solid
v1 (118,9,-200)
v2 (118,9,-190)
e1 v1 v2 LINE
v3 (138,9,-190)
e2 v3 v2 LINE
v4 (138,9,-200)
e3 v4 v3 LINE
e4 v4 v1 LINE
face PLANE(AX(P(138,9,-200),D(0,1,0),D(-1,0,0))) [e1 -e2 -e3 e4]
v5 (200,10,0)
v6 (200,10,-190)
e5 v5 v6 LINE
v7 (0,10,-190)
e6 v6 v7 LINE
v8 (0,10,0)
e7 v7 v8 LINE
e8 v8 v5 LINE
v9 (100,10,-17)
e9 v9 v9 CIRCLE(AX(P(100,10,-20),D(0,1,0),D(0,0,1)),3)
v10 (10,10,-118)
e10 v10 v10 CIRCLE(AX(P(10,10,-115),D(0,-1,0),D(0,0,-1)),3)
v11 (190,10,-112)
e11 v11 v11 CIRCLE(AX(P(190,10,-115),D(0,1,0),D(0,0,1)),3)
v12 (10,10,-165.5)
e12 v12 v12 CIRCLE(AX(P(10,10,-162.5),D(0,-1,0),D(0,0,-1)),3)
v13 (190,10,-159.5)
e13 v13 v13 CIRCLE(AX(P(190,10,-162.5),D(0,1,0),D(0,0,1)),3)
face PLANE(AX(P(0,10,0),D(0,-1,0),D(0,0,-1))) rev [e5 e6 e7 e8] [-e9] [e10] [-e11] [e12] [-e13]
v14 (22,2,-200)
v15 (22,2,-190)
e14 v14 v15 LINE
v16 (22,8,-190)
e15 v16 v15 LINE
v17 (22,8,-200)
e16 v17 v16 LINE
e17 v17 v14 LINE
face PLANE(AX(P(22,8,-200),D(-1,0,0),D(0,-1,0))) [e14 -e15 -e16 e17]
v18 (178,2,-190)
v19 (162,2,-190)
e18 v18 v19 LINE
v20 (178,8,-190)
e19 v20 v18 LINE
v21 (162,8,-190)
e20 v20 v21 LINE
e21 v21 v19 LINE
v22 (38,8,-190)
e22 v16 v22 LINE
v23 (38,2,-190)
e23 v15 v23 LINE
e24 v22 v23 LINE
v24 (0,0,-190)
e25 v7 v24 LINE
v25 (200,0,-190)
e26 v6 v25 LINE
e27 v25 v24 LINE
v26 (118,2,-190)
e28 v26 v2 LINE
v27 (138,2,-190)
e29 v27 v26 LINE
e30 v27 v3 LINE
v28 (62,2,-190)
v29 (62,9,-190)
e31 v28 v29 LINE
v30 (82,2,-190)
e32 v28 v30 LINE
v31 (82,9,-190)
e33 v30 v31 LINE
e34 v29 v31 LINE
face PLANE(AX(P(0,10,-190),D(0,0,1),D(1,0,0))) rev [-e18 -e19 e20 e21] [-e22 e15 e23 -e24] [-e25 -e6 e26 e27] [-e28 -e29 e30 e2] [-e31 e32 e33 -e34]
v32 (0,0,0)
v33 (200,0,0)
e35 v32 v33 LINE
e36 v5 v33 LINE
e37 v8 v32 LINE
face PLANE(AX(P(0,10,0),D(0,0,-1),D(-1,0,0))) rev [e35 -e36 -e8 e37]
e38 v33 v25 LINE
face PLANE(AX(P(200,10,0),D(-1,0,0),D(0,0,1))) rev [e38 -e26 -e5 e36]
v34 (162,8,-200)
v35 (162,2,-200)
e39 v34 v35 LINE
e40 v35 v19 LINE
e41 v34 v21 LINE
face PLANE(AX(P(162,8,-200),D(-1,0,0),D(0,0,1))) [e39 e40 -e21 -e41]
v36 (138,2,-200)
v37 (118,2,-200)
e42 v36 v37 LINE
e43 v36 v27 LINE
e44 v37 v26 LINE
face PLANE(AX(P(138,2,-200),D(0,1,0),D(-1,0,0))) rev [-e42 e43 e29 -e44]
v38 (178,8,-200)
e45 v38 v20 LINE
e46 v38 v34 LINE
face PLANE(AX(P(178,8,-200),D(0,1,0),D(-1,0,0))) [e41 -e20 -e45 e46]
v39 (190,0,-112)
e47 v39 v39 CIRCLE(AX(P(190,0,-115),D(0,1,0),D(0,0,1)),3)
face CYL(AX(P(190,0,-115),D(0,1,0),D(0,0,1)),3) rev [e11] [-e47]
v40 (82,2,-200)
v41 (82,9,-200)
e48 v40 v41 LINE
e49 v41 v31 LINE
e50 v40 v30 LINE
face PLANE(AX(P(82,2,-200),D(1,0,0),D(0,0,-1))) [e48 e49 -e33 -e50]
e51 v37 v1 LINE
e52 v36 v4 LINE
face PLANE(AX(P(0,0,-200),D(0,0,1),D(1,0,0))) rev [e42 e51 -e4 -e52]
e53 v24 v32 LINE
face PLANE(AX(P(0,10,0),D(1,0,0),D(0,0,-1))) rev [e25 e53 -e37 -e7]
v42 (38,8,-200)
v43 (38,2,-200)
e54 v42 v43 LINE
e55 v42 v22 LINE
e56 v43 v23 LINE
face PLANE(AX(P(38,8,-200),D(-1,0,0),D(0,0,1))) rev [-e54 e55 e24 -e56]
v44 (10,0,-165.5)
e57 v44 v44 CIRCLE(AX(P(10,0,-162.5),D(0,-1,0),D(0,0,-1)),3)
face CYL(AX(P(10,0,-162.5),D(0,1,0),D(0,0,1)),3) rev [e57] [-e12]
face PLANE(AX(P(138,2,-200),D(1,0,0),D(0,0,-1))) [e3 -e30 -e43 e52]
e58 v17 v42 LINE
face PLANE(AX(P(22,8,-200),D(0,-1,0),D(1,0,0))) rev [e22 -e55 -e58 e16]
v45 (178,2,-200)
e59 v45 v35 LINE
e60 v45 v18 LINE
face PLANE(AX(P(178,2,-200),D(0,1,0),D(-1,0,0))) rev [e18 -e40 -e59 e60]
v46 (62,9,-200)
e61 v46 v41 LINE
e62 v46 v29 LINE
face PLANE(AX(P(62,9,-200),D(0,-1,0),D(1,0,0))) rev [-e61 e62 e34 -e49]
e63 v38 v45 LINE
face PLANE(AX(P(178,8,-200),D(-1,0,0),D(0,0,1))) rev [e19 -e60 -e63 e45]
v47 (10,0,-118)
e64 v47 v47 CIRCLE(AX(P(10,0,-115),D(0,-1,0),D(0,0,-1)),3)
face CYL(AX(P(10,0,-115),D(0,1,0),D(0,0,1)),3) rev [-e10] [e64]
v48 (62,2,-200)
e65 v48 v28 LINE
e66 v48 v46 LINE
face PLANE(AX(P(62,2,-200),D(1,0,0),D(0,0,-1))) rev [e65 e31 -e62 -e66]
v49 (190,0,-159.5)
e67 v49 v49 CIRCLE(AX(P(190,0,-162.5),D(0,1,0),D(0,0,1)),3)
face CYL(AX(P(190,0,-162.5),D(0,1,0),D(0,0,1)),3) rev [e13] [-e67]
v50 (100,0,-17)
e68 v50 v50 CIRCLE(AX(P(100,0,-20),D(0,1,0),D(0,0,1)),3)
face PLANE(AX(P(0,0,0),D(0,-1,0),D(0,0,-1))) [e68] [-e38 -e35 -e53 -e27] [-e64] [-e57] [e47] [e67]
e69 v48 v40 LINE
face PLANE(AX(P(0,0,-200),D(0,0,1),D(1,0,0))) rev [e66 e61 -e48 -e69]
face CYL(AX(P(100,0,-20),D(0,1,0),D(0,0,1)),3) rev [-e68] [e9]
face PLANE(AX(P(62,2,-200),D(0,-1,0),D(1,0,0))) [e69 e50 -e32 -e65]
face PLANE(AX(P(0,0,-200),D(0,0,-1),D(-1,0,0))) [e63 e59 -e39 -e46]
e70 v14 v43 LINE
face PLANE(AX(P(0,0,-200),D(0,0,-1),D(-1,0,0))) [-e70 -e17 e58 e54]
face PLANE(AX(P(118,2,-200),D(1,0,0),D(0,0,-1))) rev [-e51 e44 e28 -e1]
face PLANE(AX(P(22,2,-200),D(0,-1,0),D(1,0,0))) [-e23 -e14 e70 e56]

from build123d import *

# Parameters (mm, degrees)
SKETCH1_W           = 200
SKETCH1_H           = 190
BOSS_EXTRUDE1_DEPTH = 10
SKETCH2_W           = 16
SKETCH2_H           = 6
SKETCH2_W_2         = 20
SKETCH2_H_2         = 7
BOSS_EXTRUDE2_DEPTH = 10
SKETCH3_R           = 3
CUT_EXTRUDE1_DEPTH  = 10
SKETCH4_R           = 3
CUT_EXTRUDE2_DEPTH  = 10


with BuildPart() as part:
    # Sketch1 → Boss-Extrude1 (new body)
    with BuildSketch(Plane(origin=(0, 0, 0), x_dir=(1, 0, 0), z_dir=(0, 1, 0))):
        with Locations((100, 95)):
            Rectangle(SKETCH1_W, SKETCH1_H)
    extrude(amount=BOSS_EXTRUDE1_DEPTH)

    # Sketch2 → Boss-Extrude2 (add)
    with BuildSketch(Plane(origin=(0, 0, -190), x_dir=(-1, 0, 0), z_dir=(0, 0, -1))):
        with Locations((-30, 5)):
            Rectangle(SKETCH2_W, SKETCH2_H)
        with Locations((-170, 5)):
            Rectangle(SKETCH2_W, SKETCH2_H)
        with Locations((-128, 5.5)):
            Rectangle(SKETCH2_W_2, SKETCH2_H_2)
        with Locations((-72, 5.5)):
            Rectangle(SKETCH2_W_2, SKETCH2_H_2)
    extrude(amount=BOSS_EXTRUDE2_DEPTH)

    # Sketch3 → Cut-Extrude1 (cut)
    with BuildSketch(Plane(origin=(0, 10, 0), x_dir=(1, 0, 0), z_dir=(0, 1, 0))):
        with Locations(Location((190, 162.5, 0), (0, 0, 270))):
            Circle(SKETCH3_R)
        with Locations(Location((190, 115, 0), (0, 0, 270))):
            Circle(SKETCH3_R)
        with Locations(Location((10, 162.5, 0), (0, 0, 90))):
            Circle(SKETCH3_R)
        with Locations(Location((10, 115, 0), (0, 0, 90))):
            Circle(SKETCH3_R)
    extrude(amount=-CUT_EXTRUDE1_DEPTH, mode=Mode.SUBTRACT)

    # Sketch4 → Cut-Extrude2 (cut)
    with BuildSketch(Plane(origin=(0, 10, 0), x_dir=(1, 0, 0), z_dir=(0, 1, 0))):
        with Locations(Location((100, 20, 0), (0, 0, 270))):
            Circle(SKETCH4_R)
    extrude(amount=-CUT_EXTRUDE2_DEPTH, mode=Mode.SUBTRACT)


solid = part.part
